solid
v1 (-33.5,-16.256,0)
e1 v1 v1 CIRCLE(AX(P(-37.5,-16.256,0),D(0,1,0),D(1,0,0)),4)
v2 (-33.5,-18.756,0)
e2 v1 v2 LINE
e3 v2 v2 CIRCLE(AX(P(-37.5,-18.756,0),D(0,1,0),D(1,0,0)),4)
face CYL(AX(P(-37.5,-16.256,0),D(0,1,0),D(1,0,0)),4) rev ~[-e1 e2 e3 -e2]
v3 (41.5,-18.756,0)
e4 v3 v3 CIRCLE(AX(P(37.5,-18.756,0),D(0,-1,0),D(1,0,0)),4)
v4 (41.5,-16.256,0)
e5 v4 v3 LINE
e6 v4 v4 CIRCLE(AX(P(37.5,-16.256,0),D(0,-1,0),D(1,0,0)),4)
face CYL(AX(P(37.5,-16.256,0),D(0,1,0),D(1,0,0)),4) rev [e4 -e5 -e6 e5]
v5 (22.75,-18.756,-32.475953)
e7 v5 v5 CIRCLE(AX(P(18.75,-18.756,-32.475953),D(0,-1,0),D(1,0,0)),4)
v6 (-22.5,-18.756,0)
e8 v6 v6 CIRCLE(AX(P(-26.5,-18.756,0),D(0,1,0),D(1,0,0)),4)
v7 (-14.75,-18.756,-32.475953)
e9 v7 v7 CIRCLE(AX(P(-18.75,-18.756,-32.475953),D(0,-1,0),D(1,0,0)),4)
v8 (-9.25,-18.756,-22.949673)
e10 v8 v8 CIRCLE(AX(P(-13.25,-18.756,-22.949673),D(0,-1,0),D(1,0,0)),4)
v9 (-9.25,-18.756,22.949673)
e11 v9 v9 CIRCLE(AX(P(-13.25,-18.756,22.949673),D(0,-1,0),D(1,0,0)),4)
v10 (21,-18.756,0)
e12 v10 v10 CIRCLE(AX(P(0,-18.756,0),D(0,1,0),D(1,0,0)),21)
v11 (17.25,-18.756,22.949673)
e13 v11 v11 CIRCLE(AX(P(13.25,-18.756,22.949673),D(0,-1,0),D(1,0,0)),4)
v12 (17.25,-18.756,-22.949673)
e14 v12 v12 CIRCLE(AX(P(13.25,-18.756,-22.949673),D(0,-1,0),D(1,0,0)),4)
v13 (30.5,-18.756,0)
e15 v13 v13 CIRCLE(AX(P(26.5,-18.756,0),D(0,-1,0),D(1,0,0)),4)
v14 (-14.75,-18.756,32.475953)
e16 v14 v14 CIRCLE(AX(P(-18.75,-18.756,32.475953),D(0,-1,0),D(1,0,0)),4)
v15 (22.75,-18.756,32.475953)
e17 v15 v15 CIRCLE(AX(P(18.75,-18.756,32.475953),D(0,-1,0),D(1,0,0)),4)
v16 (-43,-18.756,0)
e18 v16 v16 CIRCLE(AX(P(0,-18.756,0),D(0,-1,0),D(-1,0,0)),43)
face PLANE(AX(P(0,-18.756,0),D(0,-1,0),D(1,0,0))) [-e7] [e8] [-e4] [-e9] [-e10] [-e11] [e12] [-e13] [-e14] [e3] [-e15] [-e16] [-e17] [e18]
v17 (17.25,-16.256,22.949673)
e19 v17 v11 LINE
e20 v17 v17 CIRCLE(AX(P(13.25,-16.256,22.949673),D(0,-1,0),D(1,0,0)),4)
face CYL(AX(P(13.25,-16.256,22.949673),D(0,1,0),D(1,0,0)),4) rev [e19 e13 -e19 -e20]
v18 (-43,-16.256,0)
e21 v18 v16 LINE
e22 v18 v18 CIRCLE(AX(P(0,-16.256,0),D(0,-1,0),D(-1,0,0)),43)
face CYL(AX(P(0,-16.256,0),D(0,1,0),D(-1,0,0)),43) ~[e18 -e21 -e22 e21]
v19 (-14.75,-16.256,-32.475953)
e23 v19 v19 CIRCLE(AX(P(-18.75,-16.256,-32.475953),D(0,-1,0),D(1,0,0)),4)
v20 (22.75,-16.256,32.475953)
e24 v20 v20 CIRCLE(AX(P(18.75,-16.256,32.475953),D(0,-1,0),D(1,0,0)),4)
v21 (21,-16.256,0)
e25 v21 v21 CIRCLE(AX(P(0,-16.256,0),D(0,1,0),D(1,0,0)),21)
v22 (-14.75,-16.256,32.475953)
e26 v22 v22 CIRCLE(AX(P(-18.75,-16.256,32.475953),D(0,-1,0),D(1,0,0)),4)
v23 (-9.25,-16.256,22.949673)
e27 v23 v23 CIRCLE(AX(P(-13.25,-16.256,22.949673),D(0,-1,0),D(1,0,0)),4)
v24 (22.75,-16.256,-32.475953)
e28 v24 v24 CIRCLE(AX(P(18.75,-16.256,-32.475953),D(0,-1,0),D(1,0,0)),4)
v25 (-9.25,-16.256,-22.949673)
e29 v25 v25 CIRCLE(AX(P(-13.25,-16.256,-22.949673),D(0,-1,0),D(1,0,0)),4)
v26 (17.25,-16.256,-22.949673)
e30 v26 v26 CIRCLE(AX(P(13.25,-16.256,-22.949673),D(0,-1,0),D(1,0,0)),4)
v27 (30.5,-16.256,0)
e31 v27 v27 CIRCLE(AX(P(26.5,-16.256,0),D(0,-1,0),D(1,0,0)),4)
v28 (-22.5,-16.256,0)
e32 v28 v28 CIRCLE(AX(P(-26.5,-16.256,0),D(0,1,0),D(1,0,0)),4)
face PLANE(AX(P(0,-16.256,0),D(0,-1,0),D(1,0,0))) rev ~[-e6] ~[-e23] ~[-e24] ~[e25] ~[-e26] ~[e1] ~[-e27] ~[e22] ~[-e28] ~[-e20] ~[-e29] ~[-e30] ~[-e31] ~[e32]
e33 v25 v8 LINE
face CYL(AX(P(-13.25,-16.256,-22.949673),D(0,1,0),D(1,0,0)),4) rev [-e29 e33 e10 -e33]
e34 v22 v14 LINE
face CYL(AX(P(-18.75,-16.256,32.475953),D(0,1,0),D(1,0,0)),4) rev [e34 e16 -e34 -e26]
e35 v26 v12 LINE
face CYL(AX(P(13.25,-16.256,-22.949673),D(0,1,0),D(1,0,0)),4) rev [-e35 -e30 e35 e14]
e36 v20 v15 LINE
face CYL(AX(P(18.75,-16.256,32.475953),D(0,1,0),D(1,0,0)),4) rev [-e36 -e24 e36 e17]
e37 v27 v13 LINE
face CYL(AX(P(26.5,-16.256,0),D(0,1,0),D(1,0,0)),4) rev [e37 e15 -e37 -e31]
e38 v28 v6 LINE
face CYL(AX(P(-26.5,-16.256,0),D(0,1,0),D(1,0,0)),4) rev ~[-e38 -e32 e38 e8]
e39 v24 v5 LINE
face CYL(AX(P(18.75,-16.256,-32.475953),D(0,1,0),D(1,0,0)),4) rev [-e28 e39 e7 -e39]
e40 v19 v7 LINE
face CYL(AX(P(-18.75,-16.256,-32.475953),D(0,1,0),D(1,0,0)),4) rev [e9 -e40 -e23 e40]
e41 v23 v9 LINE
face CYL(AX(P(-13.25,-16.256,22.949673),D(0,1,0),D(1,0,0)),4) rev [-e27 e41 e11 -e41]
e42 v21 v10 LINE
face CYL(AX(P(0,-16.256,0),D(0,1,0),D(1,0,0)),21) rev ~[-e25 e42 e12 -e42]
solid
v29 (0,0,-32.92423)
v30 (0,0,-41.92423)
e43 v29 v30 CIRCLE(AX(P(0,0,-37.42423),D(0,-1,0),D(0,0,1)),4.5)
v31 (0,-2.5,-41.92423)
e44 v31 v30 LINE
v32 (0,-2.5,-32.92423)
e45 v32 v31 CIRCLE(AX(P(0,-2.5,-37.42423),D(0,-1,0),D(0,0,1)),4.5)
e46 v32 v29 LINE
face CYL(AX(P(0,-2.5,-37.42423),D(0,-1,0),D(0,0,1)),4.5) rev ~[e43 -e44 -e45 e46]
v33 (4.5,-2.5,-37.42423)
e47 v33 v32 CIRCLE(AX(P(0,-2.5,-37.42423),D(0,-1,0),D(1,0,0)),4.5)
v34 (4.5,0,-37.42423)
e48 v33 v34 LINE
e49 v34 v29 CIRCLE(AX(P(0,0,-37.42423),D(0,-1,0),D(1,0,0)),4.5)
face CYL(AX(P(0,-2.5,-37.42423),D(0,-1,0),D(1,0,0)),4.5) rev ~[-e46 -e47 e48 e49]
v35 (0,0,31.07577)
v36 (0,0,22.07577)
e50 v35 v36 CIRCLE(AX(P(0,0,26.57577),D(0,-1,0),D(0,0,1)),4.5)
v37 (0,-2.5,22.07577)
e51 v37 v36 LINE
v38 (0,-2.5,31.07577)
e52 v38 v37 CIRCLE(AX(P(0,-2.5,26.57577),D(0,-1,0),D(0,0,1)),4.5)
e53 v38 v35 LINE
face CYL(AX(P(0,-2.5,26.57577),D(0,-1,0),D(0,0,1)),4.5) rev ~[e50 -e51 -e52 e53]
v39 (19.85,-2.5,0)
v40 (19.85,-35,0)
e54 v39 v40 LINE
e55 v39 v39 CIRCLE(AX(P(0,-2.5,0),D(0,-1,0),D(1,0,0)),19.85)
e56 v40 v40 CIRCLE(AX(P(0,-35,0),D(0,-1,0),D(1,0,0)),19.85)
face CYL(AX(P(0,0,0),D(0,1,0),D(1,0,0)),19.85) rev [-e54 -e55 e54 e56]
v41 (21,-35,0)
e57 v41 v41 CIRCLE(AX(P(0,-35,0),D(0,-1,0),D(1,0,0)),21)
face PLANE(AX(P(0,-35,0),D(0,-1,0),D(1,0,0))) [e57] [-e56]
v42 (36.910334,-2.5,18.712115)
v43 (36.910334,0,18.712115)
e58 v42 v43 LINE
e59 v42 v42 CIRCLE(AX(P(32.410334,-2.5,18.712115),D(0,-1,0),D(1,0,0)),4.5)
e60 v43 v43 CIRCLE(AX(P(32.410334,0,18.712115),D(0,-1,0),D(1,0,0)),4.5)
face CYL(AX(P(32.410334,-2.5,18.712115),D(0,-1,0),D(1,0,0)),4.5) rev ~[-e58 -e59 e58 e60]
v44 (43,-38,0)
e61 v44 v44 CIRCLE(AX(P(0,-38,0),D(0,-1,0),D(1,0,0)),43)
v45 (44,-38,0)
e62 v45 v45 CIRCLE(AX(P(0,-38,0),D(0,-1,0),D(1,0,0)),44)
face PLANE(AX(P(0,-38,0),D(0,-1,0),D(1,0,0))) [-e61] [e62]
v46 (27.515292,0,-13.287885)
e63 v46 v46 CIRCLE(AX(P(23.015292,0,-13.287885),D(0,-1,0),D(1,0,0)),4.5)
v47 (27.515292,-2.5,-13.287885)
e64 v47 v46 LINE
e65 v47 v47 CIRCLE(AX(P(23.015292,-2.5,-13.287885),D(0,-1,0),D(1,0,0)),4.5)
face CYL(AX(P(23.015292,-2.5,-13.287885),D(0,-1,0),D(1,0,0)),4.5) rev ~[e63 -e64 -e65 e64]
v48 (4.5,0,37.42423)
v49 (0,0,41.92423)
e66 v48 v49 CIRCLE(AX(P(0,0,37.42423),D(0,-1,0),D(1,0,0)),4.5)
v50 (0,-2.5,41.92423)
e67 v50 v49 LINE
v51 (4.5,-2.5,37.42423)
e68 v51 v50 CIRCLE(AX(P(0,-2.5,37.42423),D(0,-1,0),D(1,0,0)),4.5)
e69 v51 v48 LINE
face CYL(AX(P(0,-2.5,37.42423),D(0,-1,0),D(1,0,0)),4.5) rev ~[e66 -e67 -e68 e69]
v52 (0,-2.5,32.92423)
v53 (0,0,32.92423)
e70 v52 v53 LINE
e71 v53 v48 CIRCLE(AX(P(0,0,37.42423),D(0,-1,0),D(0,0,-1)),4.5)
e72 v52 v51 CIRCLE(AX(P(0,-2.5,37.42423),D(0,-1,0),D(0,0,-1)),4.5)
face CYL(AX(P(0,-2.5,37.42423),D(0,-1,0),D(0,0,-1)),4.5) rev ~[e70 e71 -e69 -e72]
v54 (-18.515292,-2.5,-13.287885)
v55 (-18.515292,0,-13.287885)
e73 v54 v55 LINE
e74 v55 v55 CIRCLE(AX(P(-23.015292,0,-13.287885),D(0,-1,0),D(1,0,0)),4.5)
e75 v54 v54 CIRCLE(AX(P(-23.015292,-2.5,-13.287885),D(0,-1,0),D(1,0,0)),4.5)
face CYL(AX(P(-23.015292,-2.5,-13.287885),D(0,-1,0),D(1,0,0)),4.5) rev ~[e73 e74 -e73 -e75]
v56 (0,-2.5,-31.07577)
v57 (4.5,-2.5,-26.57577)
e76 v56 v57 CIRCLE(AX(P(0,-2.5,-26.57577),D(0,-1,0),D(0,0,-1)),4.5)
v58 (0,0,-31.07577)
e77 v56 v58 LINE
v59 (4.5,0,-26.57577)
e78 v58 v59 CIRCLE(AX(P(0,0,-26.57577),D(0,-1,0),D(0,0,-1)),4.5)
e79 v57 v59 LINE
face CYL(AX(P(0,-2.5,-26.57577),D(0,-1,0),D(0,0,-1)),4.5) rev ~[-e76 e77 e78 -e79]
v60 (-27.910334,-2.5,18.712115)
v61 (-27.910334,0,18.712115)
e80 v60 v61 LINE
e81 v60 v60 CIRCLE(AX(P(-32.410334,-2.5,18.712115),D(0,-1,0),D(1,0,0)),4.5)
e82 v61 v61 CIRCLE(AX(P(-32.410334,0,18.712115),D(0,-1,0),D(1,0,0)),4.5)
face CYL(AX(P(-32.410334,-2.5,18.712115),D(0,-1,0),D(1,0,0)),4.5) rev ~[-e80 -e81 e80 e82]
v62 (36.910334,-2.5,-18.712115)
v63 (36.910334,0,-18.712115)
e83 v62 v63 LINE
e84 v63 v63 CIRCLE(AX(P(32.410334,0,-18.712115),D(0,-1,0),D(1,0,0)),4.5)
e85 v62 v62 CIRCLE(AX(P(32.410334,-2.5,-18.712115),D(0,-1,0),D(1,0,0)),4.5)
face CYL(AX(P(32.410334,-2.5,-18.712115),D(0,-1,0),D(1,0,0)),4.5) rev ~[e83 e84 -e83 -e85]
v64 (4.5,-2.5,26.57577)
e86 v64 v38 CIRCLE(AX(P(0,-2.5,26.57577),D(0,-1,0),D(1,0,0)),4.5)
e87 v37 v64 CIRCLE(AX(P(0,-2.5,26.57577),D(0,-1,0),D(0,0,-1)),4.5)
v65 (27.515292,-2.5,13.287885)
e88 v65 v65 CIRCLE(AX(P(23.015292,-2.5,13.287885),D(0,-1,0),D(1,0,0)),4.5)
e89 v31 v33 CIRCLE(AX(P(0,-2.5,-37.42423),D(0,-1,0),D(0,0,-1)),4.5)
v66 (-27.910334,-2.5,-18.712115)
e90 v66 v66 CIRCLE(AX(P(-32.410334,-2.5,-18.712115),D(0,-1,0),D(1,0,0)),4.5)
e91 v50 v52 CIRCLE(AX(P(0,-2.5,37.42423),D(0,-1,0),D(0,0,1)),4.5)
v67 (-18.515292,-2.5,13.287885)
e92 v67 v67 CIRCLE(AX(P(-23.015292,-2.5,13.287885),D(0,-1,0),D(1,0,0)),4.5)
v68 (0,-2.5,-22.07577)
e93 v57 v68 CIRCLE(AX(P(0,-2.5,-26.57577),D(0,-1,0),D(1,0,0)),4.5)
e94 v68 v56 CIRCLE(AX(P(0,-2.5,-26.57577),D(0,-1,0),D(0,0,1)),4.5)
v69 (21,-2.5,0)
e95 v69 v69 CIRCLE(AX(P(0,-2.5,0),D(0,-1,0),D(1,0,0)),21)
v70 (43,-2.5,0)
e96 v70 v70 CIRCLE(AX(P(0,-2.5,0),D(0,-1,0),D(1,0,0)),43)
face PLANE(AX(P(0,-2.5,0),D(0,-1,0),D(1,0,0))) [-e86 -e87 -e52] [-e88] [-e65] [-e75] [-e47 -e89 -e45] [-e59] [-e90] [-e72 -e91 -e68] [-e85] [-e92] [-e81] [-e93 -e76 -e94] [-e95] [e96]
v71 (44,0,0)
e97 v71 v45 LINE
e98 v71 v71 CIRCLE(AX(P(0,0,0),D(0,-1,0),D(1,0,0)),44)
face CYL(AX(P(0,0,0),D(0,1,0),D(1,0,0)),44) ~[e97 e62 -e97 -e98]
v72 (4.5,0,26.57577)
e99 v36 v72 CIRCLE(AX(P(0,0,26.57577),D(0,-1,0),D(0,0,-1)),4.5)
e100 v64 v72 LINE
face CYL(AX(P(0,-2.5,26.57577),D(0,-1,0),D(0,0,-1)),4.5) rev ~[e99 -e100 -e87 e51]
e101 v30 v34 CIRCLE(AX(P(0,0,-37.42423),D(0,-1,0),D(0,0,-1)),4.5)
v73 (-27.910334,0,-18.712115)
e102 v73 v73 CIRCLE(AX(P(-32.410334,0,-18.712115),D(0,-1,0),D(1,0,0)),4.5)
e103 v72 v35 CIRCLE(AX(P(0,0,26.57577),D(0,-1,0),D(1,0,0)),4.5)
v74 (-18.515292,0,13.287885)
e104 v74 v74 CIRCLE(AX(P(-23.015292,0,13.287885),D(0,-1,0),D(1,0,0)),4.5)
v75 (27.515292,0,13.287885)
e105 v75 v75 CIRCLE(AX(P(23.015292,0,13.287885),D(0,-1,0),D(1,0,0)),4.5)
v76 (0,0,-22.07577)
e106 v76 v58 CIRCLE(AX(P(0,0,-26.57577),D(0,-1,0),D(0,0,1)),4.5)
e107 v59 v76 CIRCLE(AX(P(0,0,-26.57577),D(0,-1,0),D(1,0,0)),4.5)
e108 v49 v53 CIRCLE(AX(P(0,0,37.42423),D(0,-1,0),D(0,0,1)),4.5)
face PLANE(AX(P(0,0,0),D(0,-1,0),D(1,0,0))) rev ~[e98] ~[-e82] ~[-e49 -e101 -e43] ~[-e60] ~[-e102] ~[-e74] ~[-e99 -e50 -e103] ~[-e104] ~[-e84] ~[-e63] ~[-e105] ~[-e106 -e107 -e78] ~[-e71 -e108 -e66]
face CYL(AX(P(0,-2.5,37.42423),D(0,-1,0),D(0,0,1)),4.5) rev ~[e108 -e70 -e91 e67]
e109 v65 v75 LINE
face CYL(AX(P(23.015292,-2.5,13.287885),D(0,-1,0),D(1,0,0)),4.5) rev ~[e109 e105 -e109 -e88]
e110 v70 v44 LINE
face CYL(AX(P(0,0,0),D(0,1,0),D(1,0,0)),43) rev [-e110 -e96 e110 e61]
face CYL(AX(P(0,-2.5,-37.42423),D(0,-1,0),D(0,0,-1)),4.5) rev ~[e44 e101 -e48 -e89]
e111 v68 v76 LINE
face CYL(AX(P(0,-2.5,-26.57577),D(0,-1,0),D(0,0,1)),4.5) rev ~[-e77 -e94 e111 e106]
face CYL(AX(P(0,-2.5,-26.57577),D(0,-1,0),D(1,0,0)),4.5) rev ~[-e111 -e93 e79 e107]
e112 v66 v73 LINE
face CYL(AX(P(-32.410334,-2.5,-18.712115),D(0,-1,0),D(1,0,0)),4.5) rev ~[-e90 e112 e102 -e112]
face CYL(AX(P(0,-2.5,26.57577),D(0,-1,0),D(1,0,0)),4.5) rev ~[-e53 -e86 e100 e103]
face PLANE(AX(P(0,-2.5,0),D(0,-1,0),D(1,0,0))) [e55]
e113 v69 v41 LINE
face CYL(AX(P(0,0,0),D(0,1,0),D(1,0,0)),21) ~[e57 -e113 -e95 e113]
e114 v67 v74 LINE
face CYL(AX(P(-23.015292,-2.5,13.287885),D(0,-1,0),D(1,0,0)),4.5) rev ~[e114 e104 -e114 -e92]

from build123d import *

# Parameters (mm, degrees)
F0_R     = 44
F0_R_2   = 43
F1_DEPTH = 38
F0_R_3   = 21
F2_DEPTH = 2.5
F0_R_4   = 19.85
F3_DEPTH = 35
F4_DEPTH = 2.5
F5_R     = 4.5
F6_DEPTH = 12.7
F7_R     = 4
F8_DEPTH = 2.5


with BuildPart() as f1:
    # F0 (on Front) → F1 (new body)
    with BuildSketch(Plane.XZ):
        Circle(F0_R)
        Circle(F0_R_2, mode=Mode.SUBTRACT)
    extrude(amount=F1_DEPTH)

    # F0 (on Front) → F2 (join)
    with BuildSketch(Plane.XZ):
        Circle(F0_R_2)
        Circle(F0_R_3, mode=Mode.SUBTRACT)
    extrude(amount=F2_DEPTH)

    # F0 (on Front) → F3 (join)
    with BuildSketch(Plane.XZ):
        Circle(F0_R_3)
        Circle(F0_R_4, mode=Mode.SUBTRACT)
    extrude(amount=F3_DEPTH)

    # F0 (on Front) → F4 (join)
    with BuildSketch(Plane.XZ):
        Circle(F0_R_4)
    extrude(amount=F4_DEPTH)

    # F5 (on face) → F6 (cut)
    with BuildSketch(Plane.XZ.offset(2.5)):
        with Locations((32.4103336987, 18.7121148854)):
            Circle(F5_R)
        with Locations((23.0152921435, 13.2878851146)):
            Circle(F5_R)
        with Locations((23.0152921435, -13.2878851146)):
            Circle(F5_R)
        with Locations((32.4103336987, -18.7121148854)):
            Circle(F5_R)
        with BuildLine():
            Line((0, -32.9242297709), (0, -41.9242297709))
            ThreePointArc((0, -41.9242297709), (3.1819805153, -40.6062102862), (4.5, -37.4242297709))
            ThreePointArc((4.5, -37.4242297709), (3.1819805153, -34.2422492556), (0, -32.9242297709))
        make_face()
        with BuildLine():
            ThreePointArc((0, -32.9242297709), (-4.5, -37.4242297709), (0, -41.9242297709))
            Line((0, -41.9242297709), (0, -32.9242297709))
        make_face()
        with BuildLine():
            Line((0, -31.0757702291), (0, -22.0757702291))
            ThreePointArc((0, -22.0757702291), (-4.5, -26.5757702291), (0, -31.0757702291))
        make_face()
        with BuildLine():
            ThreePointArc((4.5, -26.5757702291), (3.1819805153, -23.3937897138), (0, -22.0757702291))
            Line((0, -22.0757702291), (0, -31.0757702291))
            ThreePointArc((0, -31.0757702291), (3.1819805153, -29.7577507444), (4.5, -26.5757702291))
        make_face()
        with Locations((-23.0152921435, -13.2878851146)):
            Circle(F5_R)
        with Locations((-32.4103336987, -18.7121148854)):
            Circle(F5_R)
        with Locations((-32.4103336987, 18.7121148854)):
            Circle(F5_R)
        with Locations((-23.0152921435, 13.2878851146)):
            Circle(F5_R)
        with BuildLine():
            Line((0, 31.0757702291), (0, 22.0757702291))
            ThreePointArc((0, 22.0757702291), (3.1819805153, 23.3937897138), (4.5, 26.5757702291))
            ThreePointArc((4.5, 26.5757702291), (3.1819805153, 29.7577507444), (0, 31.0757702291))
        make_face()
        with BuildLine():
            ThreePointArc((0, 31.0757702291), (-4.5, 26.5757702291), (0, 22.0757702291))
            Line((0, 22.0757702291), (0, 31.0757702291))
        make_face()
        with BuildLine():
            ThreePointArc((0, 41.9242297709), (-4.5, 37.4242297709), (0, 32.9242297709))
            Line((0, 32.9242297709), (0, 41.9242297709))
        make_face()
        with BuildLine():
            Line((0, 41.9242297709), (0, 32.9242297709))
            ThreePointArc((0, 32.9242297709), (3.1819805153, 34.2422492556), (4.5, 37.4242297709))
            ThreePointArc((4.5, 37.4242297709), (3.1819805153, 40.6062102862), (0, 41.9242297709))
        make_face()
    extrude(amount=-F6_DEPTH, mode=Mode.SUBTRACT)


with BuildPart() as f8:
    # F7 (on Front) → F8 (new body)
    with BuildSketch(Plane.XZ):
        with BuildLine():
            ThreePointArc((43, 0), (0, 43), (-43, 0))
            ThreePointArc((-43, 0), (0, -43), (43, 0))
        make_face()
        with Locations((-18.75, -32.4759526419)):
            Circle(F7_R, mode=Mode.SUBTRACT)
        with Locations((-13.25, -22.9496732003)):
            Circle(F7_R, mode=Mode.SUBTRACT)
        with Locations((18.75, -32.4759526419)):
            Circle(F7_R, mode=Mode.SUBTRACT)
        with Locations((13.25, -22.9496732003)):
            Circle(F7_R, mode=Mode.SUBTRACT)
        with BuildLine():
            ThreePointArc((-41.5, 0), (-37.5, 4), (-33.5, 0))
            ThreePointArc((-33.5, 0), (-37.5, -4), (-41.5, 0))
        make_face(mode=Mode.SUBTRACT)
        with BuildLine():
            ThreePointArc((-30.5, 0), (-26.5, 4), (-22.5, 0))
            ThreePointArc((-22.5, 0), (-26.5, -4), (-30.5, 0))
        make_face(mode=Mode.SUBTRACT)
        with Locations((-13.25, 22.9496732003)):
            Circle(F7_R, mode=Mode.SUBTRACT)
        with Locations((-18.75, 32.4759526419)):
            Circle(F7_R, mode=Mode.SUBTRACT)
        with BuildLine():
            ThreePointArc((-21, 0), (0, 21), (21, 0))
            ThreePointArc((21, 0), (0, -21), (-21, 0))
        make_face(mode=Mode.SUBTRACT)
        with Locations((26.5, 0)):
            Circle(F7_R, mode=Mode.SUBTRACT)
        with Locations((37.5, 0)):
            Circle(F7_R, mode=Mode.SUBTRACT)
        with Locations((13.25, 22.9496732003)):
            Circle(F7_R, mode=Mode.SUBTRACT)
        with Locations((18.75, 32.4759526419)):
            Circle(F7_R, mode=Mode.SUBTRACT)
    extrude(amount=F8_DEPTH)


with BuildPart() as f8_1:
    # F9: moved
    add(f8.part.moved(Location((0, -16.256, 0))))


solid = Compound([f1.part, f8_1.part])
